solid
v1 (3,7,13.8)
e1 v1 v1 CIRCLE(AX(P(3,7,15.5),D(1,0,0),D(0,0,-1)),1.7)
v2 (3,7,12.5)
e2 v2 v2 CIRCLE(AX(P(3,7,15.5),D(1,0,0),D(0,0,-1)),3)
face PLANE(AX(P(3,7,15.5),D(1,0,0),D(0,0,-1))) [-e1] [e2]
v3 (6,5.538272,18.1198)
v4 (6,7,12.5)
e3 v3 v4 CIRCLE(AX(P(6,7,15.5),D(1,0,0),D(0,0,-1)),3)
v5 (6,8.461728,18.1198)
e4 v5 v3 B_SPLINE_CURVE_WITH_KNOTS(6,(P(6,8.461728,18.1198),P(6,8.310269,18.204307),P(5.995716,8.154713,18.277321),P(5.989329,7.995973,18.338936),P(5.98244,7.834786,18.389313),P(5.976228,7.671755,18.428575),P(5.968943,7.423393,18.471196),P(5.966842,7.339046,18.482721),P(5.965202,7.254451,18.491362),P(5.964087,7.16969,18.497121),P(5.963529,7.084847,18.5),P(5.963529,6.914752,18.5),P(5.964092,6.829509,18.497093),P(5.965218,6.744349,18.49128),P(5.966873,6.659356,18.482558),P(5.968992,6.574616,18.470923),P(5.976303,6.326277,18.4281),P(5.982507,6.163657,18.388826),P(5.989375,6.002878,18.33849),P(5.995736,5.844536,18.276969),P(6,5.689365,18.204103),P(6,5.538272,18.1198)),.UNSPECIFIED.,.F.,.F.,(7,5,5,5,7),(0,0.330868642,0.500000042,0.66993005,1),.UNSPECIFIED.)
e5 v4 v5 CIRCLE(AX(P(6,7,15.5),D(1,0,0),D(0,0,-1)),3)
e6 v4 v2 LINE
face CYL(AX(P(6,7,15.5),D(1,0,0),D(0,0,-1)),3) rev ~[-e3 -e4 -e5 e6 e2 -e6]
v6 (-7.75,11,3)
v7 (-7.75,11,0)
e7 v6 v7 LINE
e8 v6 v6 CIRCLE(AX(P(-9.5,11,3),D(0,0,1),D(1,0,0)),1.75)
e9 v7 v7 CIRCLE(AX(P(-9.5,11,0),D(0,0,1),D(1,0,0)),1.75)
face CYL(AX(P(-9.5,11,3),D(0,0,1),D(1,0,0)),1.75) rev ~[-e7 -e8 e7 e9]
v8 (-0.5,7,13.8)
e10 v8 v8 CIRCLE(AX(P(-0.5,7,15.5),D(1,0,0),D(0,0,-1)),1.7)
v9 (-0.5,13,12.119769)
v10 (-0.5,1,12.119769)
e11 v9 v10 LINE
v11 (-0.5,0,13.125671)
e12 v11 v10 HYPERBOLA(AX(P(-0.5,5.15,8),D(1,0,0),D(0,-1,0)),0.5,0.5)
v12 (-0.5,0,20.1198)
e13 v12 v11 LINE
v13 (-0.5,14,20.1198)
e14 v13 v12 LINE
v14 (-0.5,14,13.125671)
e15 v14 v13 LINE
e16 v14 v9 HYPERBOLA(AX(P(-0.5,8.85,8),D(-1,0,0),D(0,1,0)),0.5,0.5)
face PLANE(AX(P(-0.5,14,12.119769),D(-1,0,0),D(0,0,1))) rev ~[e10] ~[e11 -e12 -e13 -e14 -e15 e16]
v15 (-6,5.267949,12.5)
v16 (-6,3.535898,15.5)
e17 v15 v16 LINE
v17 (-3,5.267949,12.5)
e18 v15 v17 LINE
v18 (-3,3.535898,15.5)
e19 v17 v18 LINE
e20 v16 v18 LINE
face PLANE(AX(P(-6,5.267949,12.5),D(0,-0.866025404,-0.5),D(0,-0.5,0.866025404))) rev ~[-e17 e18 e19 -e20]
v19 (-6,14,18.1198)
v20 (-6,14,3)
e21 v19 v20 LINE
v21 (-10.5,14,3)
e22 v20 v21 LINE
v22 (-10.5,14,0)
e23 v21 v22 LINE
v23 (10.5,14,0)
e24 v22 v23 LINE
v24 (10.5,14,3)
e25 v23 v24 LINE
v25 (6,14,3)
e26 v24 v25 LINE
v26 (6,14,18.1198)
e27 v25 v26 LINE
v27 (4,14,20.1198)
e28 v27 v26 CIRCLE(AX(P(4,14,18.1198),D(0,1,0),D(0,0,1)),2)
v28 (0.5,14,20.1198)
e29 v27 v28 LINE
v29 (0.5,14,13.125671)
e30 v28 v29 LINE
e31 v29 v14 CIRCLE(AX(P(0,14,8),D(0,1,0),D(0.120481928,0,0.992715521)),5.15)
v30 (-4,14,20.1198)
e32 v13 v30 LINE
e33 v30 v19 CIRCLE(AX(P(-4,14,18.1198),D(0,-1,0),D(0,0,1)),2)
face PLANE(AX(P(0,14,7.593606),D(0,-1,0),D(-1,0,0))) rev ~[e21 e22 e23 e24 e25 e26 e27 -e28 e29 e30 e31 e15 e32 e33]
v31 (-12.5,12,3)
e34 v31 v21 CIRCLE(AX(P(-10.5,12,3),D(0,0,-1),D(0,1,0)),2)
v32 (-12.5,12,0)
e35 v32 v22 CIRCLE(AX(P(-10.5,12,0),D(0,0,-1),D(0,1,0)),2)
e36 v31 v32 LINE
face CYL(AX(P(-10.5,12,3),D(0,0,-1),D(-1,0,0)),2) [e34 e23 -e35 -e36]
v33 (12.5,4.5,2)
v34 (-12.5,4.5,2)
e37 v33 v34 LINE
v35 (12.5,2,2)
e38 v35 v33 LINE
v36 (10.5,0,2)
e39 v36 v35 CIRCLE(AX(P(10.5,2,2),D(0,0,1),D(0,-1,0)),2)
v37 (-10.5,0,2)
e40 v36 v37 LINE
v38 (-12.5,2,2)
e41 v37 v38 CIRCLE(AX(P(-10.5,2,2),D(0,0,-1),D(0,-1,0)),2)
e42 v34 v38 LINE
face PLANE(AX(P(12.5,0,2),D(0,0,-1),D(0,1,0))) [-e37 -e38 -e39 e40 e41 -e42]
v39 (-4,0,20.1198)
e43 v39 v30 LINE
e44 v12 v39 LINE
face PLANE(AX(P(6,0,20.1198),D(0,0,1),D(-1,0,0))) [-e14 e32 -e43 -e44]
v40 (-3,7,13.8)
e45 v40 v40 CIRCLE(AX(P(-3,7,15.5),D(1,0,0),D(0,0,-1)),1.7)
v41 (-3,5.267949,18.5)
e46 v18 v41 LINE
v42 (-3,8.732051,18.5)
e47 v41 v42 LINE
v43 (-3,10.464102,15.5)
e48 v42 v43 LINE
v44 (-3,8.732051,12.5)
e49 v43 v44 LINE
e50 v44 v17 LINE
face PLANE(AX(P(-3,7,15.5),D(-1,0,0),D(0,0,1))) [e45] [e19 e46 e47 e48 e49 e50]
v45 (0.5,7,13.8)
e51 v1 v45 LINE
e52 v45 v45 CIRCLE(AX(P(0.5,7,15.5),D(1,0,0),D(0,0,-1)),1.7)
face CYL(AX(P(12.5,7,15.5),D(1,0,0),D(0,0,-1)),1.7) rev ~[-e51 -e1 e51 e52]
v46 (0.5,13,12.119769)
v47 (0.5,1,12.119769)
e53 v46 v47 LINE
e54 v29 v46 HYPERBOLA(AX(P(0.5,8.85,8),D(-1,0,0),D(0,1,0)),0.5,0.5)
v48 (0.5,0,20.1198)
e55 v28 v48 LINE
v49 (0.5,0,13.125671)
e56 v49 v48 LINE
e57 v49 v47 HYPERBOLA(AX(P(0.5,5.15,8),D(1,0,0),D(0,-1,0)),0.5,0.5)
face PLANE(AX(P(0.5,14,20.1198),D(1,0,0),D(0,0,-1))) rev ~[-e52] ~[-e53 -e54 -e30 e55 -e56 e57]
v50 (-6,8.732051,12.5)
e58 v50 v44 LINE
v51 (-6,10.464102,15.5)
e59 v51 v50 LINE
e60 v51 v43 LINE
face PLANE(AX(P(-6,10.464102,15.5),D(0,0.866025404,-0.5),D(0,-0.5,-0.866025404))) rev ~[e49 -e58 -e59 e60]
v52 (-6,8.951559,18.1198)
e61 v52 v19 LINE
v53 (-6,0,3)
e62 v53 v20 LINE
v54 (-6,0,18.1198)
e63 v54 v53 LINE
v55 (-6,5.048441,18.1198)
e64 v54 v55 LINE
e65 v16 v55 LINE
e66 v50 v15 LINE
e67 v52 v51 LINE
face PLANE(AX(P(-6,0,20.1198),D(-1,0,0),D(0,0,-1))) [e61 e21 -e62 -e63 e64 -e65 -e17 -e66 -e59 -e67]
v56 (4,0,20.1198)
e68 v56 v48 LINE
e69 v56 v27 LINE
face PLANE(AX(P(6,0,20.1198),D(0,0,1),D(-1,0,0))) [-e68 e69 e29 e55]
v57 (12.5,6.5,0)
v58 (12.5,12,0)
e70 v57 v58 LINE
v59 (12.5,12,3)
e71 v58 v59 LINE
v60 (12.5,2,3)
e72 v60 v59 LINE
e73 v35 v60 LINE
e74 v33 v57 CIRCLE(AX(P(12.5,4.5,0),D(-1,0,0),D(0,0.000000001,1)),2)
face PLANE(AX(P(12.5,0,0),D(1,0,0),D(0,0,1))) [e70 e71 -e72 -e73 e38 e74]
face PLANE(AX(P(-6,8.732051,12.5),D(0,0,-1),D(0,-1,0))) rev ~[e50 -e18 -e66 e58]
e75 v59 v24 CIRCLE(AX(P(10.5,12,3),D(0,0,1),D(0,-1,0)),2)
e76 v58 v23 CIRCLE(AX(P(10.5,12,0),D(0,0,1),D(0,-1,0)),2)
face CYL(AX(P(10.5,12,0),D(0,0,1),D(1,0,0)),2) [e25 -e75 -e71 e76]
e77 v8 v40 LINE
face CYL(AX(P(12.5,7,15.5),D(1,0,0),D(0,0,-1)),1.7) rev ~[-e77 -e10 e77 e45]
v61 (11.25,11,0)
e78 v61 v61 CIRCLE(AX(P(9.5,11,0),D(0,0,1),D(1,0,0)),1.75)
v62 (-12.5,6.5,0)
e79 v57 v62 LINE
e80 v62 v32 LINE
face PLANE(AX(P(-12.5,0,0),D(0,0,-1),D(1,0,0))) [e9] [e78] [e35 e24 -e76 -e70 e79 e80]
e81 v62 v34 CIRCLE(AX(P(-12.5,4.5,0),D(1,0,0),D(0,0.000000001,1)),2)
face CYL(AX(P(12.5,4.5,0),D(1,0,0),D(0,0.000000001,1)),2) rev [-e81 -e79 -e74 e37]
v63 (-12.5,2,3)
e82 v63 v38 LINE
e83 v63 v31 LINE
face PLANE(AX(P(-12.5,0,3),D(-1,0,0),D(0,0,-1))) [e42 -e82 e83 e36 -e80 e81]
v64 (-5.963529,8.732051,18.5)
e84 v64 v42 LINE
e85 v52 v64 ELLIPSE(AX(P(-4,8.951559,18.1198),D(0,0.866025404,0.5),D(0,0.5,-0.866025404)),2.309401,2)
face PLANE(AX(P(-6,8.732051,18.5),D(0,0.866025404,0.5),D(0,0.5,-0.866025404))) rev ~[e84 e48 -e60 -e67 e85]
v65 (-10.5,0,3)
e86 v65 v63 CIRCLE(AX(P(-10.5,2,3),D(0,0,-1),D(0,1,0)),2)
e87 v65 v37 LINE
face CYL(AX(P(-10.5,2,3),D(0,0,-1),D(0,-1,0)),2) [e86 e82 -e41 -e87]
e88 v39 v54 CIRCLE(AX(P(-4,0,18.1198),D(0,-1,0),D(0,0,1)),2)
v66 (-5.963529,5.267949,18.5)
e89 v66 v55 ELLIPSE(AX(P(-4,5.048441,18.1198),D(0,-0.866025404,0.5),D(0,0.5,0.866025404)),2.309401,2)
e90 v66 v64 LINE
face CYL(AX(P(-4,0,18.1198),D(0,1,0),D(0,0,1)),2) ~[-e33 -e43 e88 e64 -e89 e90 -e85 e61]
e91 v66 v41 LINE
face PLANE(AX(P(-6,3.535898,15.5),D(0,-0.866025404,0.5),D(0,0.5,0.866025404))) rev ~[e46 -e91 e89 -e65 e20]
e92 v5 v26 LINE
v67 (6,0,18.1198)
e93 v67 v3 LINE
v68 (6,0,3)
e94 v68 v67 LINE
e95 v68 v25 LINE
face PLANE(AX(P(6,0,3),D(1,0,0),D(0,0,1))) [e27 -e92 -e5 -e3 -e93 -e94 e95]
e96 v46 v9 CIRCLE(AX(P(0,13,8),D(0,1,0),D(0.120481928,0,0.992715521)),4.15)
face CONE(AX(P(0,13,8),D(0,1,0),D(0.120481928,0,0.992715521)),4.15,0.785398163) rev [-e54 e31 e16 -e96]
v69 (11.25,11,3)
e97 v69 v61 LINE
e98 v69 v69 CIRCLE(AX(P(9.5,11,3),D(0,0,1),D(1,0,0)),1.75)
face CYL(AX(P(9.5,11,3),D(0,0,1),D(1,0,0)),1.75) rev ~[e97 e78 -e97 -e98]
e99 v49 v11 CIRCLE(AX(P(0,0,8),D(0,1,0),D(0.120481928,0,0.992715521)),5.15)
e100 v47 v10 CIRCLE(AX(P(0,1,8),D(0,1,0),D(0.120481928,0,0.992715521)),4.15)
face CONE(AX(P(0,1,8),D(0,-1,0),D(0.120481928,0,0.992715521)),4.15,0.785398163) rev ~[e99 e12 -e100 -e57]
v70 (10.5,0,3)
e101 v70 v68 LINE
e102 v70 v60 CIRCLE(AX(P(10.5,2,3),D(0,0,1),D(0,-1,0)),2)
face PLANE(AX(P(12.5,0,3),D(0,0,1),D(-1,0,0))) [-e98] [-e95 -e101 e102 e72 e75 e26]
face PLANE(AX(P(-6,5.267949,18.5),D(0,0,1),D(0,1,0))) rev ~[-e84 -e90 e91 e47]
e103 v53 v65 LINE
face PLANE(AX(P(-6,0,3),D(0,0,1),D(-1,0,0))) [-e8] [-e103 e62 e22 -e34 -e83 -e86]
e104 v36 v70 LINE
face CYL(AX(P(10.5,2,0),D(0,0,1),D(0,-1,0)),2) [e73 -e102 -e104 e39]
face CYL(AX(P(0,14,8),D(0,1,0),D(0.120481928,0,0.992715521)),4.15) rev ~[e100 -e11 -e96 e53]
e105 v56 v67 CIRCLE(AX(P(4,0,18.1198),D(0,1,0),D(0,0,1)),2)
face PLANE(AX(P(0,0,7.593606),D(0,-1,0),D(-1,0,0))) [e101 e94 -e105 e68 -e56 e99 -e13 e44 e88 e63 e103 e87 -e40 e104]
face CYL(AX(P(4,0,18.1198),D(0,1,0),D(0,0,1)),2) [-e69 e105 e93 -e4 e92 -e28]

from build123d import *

# Parameters (mm, degrees)
BOSS_EXTRUDE1_DEPTH = 14
CUT_EXTRUDE1_DEPTH  = 28.51465704
CHAMFER1_SIZE       = 1
FILLET1_R           = 2
SKETCH3_R           = 1.75
CUT_EXTRUDE2_DEPTH  = 26.403494878
SKETCH4_R           = 1.7
CUT_EXTRUDE3_DEPTH  = 36.01151742
SKETCH5_R           = 3
CUT_EXTRUDE4_DEPTH  = 3
CUT_EXTRUDE5_DEPTH  = 3


with BuildPart() as part:
    # Sketch1 → Boss-Extrude1 (new body)
    with BuildSketch(Plane(origin=(0, 0, 0), x_dir=(1, 0, 0), z_dir=(0, 1, 0))):
        Polygon((-12.5, 0), (12.5, 0), (12.5, -3), (6, -3), (6, -20.1198), (-6, -20.1198), (-6, -3), (-12.5, -3), align=None)
    extrude(amount=BOSS_EXTRUDE1_DEPTH)

    # Sketch2 → Cut-Extrude1 (cut, through all)
    with BuildSketch(Plane(origin=(0, 14, 0), x_dir=(1, 0, 0), z_dir=(0, 1, 0))):
        with BuildLine():
            Line((-0.5, -12.119769411), (-0.5, -20.1198))
            Line((-0.5, -20.1198), (0.5, -20.1198))
            Line((0.5, -20.1198), (0.5, -12.119769411))
            ThreePointArc((0.5, -12.119769411), (0, -3.85), (-0.5, -12.119769411))
        make_face()
    extrude(amount=-CUT_EXTRUDE1_DEPTH, mode=Mode.SUBTRACT)

    # Chamfer1
    chamfer1_edges = [part.edges().sort_by_distance(p)[0] for p in [
        (0, 0, 3.85),
        (0, 14, 3.85),
    ]]
    chamfer(chamfer1_edges, length=CHAMFER1_SIZE)

    # Fillet1
    fillet1_edges = [part.edges().sort_by_distance(p)[0] for p in [
        (-12.5, 0, 1.5),
        (6, 7, 20.1198),
        (-6, 7, 20.1198),
        (12.5, 14, 1.5),
        (-12.5, 14, 1.5),
        (12.5, 0, 1.5),
    ]]
    fillet(fillet1_edges, radius=FILLET1_R)

    # Sketch3 → Cut-Extrude2 (cut, through all)
    with BuildSketch(Plane.XY.offset(3)):
        with Locations((-9.5, 11)):
            Circle(SKETCH3_R)
        with Locations((9.5, 11)):
            Circle(SKETCH3_R)
    extrude(amount=-CUT_EXTRUDE2_DEPTH, mode=Mode.SUBTRACT)

    # Sketch4 → Cut-Extrude3 (cut, through all)
    with BuildSketch(Plane(origin=(12.5, 0, 0), x_dir=(0, 0, -1), z_dir=(1, 0, 0))):
        with Locations((-15.5, 7)):
            Circle(SKETCH4_R)
        with BuildLine():
            Line((-2, 0), (-2, 4.5))
            ThreePointArc((-2, 4.5), (-1.414213562, 5.914213562), (0, 6.5))
            Line((0, 6.5), (0, 0))
            Line((0, 0), (-2, 0))
        make_face()
    extrude(amount=-CUT_EXTRUDE3_DEPTH, mode=Mode.SUBTRACT)

    # Sketch5 → Cut-Extrude4 (cut)
    with BuildSketch(Plane(origin=(6, 0, 0), x_dir=(0, 0, -1), z_dir=(1, 0, 0))):
        with Locations((-15.5, 7)):
            Circle(SKETCH5_R)
    extrude(amount=-CUT_EXTRUDE4_DEPTH, mode=Mode.SUBTRACT)

    # Sketch6 → Cut-Extrude5 (cut)
    with BuildSketch(Plane.ZY.offset(6)):
        Polygon((15.5, 3.535898385), (18.5, 5.267949192), (18.5, 8.732050808), (15.5, 10.464101615), (12.5, 8.732050808), (12.5, 5.267949192), align=None)
    extrude(amount=-CUT_EXTRUDE5_DEPTH, mode=Mode.SUBTRACT)


solid = part.part
